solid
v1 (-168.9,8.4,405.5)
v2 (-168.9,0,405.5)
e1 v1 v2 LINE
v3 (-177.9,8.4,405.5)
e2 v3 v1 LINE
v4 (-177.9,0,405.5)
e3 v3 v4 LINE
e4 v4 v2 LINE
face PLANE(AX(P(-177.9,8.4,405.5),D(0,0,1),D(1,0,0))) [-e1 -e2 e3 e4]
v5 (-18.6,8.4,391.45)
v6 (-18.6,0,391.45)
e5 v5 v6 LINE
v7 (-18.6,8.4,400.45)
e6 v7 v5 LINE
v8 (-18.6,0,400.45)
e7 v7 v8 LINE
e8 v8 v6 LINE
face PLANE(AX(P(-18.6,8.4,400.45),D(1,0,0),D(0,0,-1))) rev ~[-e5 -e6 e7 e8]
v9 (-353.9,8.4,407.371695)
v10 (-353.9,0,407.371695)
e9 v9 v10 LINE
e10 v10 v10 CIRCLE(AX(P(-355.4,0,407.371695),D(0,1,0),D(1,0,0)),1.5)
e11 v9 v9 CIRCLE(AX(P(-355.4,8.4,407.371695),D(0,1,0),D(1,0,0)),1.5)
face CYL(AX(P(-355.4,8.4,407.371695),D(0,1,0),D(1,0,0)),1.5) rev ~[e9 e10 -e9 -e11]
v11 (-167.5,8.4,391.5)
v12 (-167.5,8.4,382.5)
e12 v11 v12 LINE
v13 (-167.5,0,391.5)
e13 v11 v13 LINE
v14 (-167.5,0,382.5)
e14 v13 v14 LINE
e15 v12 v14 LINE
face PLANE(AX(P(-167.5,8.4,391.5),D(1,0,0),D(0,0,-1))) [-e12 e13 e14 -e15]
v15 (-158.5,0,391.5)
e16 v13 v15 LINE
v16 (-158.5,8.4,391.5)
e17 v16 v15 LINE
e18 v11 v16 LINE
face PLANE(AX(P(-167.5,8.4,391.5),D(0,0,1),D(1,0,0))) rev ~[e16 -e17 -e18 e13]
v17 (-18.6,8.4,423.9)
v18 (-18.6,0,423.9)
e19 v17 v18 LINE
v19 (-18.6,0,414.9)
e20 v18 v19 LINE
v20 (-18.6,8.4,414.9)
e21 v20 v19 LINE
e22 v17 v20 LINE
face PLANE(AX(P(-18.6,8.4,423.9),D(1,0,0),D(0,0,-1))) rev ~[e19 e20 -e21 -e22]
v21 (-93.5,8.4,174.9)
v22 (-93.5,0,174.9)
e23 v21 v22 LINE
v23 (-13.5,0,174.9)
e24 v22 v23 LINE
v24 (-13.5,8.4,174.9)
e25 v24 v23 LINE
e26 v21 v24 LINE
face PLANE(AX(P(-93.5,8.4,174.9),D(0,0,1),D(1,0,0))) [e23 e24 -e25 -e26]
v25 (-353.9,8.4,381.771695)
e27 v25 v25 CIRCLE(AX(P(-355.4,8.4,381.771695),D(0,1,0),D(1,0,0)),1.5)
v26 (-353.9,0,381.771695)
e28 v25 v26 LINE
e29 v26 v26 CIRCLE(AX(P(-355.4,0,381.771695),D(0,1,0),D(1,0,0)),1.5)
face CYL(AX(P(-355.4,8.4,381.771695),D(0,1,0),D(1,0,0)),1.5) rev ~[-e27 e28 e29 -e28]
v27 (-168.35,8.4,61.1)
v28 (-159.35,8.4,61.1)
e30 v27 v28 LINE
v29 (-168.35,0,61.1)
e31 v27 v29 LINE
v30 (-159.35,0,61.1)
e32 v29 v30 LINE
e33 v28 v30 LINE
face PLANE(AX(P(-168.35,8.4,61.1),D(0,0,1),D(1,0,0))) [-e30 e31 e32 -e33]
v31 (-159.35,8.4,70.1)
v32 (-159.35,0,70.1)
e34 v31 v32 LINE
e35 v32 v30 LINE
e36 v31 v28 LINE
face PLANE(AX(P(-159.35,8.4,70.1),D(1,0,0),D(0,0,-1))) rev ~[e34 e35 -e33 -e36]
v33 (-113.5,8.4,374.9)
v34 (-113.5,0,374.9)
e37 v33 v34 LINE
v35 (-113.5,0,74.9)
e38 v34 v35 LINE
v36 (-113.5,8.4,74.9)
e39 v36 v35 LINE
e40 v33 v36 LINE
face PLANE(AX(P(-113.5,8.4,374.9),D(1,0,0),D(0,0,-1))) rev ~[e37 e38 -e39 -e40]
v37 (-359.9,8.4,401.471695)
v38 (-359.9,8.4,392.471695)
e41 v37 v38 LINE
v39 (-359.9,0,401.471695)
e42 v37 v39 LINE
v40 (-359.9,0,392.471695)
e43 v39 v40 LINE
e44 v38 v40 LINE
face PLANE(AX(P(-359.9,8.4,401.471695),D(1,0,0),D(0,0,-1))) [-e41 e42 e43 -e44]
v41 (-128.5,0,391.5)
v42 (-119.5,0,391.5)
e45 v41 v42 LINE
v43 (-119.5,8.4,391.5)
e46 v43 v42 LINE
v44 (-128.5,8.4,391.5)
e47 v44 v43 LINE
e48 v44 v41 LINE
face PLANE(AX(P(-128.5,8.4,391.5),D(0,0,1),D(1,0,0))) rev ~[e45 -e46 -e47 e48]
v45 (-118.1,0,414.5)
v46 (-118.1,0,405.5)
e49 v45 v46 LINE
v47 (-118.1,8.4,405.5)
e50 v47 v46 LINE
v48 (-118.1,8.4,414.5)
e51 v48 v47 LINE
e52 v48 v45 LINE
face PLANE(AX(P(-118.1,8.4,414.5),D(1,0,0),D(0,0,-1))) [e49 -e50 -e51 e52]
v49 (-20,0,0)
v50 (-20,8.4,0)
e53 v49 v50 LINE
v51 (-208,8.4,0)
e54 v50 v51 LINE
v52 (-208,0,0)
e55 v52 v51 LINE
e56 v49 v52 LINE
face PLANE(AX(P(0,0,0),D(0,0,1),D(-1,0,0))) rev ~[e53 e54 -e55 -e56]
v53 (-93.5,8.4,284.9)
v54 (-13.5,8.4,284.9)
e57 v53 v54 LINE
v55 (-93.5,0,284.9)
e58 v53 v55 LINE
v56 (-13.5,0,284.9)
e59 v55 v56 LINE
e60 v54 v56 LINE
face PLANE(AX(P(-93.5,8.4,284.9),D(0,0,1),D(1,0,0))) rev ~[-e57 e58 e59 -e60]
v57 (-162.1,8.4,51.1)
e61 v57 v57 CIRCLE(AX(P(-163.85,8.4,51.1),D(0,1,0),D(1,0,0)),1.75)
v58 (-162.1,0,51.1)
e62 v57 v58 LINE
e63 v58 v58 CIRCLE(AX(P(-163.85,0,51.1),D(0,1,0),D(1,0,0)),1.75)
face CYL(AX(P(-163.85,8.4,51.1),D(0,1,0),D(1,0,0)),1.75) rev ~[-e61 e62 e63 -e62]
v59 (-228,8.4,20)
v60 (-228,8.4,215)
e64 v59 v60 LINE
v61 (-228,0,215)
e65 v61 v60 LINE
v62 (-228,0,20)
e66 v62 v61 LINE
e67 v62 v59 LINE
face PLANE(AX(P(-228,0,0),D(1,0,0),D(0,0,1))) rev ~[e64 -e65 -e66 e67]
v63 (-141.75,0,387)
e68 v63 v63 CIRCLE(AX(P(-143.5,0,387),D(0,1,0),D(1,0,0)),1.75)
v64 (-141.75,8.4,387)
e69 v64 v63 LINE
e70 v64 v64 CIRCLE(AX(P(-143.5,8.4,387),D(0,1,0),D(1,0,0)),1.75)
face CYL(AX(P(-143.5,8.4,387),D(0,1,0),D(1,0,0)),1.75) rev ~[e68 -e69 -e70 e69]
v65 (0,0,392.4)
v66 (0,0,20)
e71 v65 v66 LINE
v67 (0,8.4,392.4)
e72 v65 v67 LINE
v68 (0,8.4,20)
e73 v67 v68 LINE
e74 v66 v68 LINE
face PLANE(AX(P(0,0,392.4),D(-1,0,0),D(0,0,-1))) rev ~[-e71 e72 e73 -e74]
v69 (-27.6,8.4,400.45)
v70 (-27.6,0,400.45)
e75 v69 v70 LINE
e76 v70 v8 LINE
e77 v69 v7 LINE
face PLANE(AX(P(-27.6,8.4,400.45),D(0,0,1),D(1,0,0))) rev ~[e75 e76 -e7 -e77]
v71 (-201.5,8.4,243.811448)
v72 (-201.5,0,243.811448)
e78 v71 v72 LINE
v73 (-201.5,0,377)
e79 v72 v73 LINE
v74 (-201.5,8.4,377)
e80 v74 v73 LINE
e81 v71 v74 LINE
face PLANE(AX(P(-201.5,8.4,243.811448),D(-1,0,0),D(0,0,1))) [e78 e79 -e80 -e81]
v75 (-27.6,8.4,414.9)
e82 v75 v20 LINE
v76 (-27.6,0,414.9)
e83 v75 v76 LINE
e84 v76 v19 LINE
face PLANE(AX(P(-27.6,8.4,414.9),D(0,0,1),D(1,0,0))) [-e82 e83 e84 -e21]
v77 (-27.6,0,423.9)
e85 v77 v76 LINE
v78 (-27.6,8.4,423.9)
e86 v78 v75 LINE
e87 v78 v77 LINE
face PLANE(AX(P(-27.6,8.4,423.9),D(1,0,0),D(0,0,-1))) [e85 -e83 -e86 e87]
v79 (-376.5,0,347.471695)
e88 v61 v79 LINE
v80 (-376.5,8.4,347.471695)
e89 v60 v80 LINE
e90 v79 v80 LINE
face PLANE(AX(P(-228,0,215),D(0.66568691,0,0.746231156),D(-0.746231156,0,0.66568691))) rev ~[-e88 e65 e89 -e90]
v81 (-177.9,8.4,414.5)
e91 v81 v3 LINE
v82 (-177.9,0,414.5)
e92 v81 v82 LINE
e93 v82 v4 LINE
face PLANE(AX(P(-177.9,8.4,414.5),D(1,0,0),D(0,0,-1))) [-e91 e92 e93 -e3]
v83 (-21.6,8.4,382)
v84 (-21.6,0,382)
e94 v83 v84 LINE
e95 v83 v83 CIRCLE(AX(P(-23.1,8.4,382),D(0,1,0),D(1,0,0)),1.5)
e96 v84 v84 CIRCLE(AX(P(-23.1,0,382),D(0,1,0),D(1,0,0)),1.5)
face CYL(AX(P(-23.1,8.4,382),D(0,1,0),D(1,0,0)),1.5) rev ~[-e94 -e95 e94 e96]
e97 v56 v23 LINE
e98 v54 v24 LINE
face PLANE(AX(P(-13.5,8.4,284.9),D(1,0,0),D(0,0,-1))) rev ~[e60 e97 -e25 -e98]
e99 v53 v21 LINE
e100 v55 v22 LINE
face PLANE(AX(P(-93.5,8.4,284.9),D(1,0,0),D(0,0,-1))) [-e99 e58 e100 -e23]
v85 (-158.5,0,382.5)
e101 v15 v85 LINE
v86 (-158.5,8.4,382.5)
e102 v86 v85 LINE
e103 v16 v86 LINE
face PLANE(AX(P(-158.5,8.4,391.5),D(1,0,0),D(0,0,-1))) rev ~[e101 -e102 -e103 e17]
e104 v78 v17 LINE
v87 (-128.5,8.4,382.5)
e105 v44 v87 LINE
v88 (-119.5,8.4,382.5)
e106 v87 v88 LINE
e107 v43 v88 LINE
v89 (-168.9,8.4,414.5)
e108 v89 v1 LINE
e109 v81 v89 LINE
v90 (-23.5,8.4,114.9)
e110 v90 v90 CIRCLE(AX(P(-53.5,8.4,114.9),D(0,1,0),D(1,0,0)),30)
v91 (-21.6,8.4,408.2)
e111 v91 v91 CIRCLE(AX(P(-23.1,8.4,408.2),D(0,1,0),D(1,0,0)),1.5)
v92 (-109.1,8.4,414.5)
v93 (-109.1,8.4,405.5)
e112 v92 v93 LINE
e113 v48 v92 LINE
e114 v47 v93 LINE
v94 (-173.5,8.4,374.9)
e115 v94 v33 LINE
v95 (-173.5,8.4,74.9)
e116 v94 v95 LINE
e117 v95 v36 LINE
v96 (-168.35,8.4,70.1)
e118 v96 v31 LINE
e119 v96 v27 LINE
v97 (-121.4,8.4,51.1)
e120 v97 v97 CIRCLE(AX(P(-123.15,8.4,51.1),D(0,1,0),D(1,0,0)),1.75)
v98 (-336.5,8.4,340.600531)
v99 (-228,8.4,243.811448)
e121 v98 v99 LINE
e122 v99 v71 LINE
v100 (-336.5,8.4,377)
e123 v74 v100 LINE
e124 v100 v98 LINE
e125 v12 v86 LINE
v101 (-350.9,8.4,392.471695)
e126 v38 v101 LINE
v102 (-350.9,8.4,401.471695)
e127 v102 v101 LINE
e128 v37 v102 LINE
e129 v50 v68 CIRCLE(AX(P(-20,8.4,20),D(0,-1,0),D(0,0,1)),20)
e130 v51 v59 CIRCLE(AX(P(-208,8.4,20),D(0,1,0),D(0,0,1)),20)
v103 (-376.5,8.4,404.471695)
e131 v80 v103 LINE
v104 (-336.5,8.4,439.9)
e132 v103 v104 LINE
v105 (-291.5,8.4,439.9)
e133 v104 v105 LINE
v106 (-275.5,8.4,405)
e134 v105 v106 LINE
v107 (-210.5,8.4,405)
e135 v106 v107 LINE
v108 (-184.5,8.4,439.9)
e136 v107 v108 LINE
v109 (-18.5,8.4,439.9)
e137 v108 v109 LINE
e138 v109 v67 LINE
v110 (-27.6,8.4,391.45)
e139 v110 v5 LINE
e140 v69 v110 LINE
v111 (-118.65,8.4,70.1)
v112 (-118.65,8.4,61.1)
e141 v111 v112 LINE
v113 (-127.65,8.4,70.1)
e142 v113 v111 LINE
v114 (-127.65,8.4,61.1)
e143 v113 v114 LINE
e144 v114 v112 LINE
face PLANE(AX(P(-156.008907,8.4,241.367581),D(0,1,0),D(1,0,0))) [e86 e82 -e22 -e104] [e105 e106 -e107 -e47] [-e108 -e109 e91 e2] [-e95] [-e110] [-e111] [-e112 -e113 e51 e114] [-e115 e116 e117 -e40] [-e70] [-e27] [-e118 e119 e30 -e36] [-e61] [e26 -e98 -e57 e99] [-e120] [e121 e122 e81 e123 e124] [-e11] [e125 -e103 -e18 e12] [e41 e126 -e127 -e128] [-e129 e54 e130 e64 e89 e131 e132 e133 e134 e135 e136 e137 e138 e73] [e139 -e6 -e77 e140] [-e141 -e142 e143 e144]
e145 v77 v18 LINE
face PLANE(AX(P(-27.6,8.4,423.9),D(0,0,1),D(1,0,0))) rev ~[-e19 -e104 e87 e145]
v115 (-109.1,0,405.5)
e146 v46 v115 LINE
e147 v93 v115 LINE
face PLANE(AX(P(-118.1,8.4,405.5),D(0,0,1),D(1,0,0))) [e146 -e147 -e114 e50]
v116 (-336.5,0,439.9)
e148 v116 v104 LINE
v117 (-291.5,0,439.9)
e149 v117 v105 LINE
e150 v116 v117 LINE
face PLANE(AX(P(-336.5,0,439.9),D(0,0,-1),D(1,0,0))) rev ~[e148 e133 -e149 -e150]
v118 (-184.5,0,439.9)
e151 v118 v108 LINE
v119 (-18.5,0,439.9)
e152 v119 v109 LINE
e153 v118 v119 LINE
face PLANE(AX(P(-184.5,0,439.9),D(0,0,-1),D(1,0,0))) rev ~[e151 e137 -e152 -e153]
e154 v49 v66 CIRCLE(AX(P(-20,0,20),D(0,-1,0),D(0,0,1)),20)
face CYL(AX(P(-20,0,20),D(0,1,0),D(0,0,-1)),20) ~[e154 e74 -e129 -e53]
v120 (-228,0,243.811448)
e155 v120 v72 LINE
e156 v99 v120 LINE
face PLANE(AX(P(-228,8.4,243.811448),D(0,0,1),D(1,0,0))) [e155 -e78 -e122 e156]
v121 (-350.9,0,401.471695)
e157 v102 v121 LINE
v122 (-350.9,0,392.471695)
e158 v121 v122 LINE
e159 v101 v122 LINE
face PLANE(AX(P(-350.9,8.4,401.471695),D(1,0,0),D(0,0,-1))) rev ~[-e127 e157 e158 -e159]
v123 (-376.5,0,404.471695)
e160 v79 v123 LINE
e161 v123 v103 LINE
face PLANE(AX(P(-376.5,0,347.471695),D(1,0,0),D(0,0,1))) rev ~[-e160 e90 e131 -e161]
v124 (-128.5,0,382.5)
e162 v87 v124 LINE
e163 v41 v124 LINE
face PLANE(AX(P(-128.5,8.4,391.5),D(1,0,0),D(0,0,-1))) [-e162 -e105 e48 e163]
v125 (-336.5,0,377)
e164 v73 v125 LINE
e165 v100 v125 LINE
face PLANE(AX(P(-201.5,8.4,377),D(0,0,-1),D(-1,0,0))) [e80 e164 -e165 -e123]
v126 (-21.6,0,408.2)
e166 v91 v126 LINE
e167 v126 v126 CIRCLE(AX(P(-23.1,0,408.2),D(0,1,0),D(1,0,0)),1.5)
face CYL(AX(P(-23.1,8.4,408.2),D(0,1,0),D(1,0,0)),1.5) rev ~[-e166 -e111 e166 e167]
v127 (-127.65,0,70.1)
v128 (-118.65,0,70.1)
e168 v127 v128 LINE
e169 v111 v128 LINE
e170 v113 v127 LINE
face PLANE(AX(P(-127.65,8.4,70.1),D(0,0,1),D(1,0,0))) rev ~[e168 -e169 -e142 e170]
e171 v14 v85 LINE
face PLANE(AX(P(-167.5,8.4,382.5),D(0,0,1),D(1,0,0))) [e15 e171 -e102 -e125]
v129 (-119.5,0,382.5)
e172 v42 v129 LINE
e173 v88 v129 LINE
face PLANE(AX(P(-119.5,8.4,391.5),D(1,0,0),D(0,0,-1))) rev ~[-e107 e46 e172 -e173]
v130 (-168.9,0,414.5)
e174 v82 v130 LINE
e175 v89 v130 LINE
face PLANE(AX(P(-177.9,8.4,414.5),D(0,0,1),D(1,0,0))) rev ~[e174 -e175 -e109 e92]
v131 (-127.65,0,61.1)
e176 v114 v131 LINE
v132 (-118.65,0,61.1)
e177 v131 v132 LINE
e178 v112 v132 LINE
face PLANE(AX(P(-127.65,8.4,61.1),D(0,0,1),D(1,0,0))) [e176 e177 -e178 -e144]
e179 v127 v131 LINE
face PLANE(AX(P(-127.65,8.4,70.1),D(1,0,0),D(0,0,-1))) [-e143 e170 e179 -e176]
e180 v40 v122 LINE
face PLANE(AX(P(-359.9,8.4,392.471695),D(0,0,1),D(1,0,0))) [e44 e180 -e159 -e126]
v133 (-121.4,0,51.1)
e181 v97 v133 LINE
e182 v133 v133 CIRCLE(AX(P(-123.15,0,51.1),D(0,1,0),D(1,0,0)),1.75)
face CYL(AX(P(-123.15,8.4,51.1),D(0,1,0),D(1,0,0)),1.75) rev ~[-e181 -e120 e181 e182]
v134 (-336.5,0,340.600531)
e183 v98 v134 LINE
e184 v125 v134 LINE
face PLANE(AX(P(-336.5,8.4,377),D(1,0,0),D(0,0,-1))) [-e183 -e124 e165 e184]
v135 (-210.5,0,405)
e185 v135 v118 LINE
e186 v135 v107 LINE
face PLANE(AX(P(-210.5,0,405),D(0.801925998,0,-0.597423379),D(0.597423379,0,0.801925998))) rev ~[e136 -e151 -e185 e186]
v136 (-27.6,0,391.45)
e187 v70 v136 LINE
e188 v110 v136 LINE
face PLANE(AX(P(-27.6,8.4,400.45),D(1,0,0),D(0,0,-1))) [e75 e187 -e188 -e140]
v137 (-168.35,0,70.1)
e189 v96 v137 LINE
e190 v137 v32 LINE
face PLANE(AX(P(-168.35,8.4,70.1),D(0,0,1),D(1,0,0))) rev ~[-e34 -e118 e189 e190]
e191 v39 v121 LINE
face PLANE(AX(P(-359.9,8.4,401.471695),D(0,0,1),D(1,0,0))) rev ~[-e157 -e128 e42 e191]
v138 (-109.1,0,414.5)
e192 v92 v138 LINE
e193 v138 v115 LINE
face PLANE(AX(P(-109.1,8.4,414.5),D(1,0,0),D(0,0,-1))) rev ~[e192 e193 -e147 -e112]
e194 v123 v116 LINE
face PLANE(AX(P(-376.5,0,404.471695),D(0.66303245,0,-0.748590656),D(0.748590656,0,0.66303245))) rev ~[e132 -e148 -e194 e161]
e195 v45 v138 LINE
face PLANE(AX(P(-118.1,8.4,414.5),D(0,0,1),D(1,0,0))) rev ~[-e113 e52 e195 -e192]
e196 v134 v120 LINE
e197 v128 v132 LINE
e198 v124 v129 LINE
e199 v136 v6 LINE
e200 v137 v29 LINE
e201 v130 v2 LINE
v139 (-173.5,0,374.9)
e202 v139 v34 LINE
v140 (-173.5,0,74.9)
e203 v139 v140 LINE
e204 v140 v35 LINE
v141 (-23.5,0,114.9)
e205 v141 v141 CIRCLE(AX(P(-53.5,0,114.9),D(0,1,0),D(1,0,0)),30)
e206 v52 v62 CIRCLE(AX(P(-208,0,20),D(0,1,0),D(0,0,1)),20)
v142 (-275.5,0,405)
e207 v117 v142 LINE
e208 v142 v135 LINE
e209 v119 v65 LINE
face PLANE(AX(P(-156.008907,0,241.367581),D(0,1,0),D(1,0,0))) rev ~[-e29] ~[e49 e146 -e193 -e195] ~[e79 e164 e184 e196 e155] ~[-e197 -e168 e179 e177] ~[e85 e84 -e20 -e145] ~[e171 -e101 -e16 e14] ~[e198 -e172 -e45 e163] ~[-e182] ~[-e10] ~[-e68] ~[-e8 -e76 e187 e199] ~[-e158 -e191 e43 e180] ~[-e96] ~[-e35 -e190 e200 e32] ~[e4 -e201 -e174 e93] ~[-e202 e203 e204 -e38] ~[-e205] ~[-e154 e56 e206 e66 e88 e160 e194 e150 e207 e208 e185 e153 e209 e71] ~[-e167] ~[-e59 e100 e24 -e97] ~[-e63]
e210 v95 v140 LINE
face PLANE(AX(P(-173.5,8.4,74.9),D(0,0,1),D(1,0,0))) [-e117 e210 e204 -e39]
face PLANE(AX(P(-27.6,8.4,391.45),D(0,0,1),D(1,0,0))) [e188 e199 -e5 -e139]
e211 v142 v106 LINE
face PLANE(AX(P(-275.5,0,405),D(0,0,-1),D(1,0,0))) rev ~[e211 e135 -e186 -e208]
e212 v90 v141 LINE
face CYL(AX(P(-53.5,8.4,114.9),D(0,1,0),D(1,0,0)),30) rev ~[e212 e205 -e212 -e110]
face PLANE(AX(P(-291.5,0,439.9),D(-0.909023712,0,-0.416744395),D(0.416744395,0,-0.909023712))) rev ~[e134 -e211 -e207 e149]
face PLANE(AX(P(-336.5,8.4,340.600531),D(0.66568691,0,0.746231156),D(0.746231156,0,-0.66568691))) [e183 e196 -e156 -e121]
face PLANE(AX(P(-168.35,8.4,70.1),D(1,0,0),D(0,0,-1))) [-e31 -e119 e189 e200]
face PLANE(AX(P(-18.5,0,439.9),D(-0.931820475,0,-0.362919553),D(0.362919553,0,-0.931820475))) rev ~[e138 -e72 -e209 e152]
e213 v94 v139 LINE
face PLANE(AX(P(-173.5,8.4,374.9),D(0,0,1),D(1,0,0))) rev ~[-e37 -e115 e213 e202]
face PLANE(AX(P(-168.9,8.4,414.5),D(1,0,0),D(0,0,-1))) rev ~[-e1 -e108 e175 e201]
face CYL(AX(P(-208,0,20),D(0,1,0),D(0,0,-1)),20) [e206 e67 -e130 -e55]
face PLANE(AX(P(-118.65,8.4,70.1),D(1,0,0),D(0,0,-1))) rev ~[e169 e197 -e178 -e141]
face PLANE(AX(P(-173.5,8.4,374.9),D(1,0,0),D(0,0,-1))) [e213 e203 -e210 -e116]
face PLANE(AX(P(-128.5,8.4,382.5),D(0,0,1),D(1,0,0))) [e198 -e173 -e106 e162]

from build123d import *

# Parameters (mm, degrees)
BOSS_EXTRUDE1_DEPTH = 8.4
SKETCH2_R           = 1.5
SKETCH2_R_2         = 1.75
SKETCH2_W           = 60
SKETCH2_H           = 300
SKETCH2_W_2         = 9
SKETCH2_H_2         = 9
CUT_EXTRUDE1_DEPTH  = 9.4
FILLET1_R           = 20
SKETCH3_R           = 30
SKETCH3_W           = 80
SKETCH3_H           = 110
CUT_EXTRUDE2_DEPTH  = 9.4


with BuildPart() as part:
    # Sketch1 → Boss-Extrude1 (new body)
    with BuildSketch(Plane(origin=(0, 0, 0), x_dir=(1, 0, 0), z_dir=(0, 1, 0))):
        Polygon((0, 0), (-228, 0), (-228, -215), (-376.5, -347.47169509), (-376.5, -404.47169509), (-336.5, -439.9), (-291.5, -439.9), (-275.5, -405), (-210.5, -405), (-184.5, -439.9), (-18.5, -439.9), (0, -392.4), align=None)
    extrude(amount=BOSS_EXTRUDE1_DEPTH)

    # Sketch2 → Cut-Extrude1 (cut, through all)
    with BuildSketch(Plane(origin=(0, 8.4, 0), x_dir=(1, 0, 0), z_dir=(0, 1, 0))):
        with Locations((-23.1, -408.2)):
            Circle(SKETCH2_R)
        with Locations((-23.1, -382)):
            Circle(SKETCH2_R)
        with Locations((-355.4, -407.37169509)):
            Circle(SKETCH2_R)
        with Locations((-355.4, -381.77169509)):
            Circle(SKETCH2_R)
        with Locations((-163.85, -51.1)):
            Circle(SKETCH2_R_2)
        with Locations((-123.15, -51.1)):
            Circle(SKETCH2_R_2)
        with Locations((-143.5, -387)):
            Circle(SKETCH2_R_2)
        Polygon((-336.5, -340.600531429), (-228, -243.811447811), (-201.5, -243.811447811), (-201.5, -377), (-336.5, -377), align=None)
        with Locations((-143.5, -224.9)):
            Rectangle(SKETCH2_W, SKETCH2_H)
        with Locations((-23.1, -419.4)):
            Rectangle(SKETCH2_W_2, SKETCH2_H_2)
        with Locations((-23.1, -395.95)):
            Rectangle(SKETCH2_W_2, SKETCH2_H_2)
        with Locations((-355.4, -396.97169509)):
            Rectangle(SKETCH2_W_2, SKETCH2_H_2)
        with Locations((-163.85, -65.6)):
            Rectangle(SKETCH2_W_2, SKETCH2_H_2)
        with Locations((-123.15, -65.6)):
            Rectangle(SKETCH2_W_2, SKETCH2_H_2)
        with Locations((-163, -387)):
            Rectangle(SKETCH2_W_2, SKETCH2_H_2)
        with Locations((-124, -387)):
            Rectangle(SKETCH2_W_2, SKETCH2_H_2)
        with Locations((-173.4, -410)):
            Rectangle(SKETCH2_W_2, SKETCH2_H_2)
        with Locations((-113.6, -410)):
            Rectangle(SKETCH2_W_2, SKETCH2_H_2)
    extrude(amount=-CUT_EXTRUDE1_DEPTH, mode=Mode.SUBTRACT)

    # Fillet1
    fillet1_edges = [part.edges().sort_by_distance(p)[0] for p in [
        (-228, 4.2, 0),
        (0, 4.2, 0),
    ]]
    fillet(fillet1_edges, radius=FILLET1_R)

    # Sketch3 → Cut-Extrude2 (cut, through all)
    with BuildSketch(Plane(origin=(0, 8.4, 0), x_dir=(1, 0, 0), z_dir=(0, 1, 0))):
        with Locations((-53.5, -114.9)):
            Circle(SKETCH3_R)
        with Locations((-53.5, -229.9)):
            Rectangle(SKETCH3_W, SKETCH3_H)
    extrude(amount=-CUT_EXTRUDE2_DEPTH, mode=Mode.SUBTRACT)


solid = part.part
